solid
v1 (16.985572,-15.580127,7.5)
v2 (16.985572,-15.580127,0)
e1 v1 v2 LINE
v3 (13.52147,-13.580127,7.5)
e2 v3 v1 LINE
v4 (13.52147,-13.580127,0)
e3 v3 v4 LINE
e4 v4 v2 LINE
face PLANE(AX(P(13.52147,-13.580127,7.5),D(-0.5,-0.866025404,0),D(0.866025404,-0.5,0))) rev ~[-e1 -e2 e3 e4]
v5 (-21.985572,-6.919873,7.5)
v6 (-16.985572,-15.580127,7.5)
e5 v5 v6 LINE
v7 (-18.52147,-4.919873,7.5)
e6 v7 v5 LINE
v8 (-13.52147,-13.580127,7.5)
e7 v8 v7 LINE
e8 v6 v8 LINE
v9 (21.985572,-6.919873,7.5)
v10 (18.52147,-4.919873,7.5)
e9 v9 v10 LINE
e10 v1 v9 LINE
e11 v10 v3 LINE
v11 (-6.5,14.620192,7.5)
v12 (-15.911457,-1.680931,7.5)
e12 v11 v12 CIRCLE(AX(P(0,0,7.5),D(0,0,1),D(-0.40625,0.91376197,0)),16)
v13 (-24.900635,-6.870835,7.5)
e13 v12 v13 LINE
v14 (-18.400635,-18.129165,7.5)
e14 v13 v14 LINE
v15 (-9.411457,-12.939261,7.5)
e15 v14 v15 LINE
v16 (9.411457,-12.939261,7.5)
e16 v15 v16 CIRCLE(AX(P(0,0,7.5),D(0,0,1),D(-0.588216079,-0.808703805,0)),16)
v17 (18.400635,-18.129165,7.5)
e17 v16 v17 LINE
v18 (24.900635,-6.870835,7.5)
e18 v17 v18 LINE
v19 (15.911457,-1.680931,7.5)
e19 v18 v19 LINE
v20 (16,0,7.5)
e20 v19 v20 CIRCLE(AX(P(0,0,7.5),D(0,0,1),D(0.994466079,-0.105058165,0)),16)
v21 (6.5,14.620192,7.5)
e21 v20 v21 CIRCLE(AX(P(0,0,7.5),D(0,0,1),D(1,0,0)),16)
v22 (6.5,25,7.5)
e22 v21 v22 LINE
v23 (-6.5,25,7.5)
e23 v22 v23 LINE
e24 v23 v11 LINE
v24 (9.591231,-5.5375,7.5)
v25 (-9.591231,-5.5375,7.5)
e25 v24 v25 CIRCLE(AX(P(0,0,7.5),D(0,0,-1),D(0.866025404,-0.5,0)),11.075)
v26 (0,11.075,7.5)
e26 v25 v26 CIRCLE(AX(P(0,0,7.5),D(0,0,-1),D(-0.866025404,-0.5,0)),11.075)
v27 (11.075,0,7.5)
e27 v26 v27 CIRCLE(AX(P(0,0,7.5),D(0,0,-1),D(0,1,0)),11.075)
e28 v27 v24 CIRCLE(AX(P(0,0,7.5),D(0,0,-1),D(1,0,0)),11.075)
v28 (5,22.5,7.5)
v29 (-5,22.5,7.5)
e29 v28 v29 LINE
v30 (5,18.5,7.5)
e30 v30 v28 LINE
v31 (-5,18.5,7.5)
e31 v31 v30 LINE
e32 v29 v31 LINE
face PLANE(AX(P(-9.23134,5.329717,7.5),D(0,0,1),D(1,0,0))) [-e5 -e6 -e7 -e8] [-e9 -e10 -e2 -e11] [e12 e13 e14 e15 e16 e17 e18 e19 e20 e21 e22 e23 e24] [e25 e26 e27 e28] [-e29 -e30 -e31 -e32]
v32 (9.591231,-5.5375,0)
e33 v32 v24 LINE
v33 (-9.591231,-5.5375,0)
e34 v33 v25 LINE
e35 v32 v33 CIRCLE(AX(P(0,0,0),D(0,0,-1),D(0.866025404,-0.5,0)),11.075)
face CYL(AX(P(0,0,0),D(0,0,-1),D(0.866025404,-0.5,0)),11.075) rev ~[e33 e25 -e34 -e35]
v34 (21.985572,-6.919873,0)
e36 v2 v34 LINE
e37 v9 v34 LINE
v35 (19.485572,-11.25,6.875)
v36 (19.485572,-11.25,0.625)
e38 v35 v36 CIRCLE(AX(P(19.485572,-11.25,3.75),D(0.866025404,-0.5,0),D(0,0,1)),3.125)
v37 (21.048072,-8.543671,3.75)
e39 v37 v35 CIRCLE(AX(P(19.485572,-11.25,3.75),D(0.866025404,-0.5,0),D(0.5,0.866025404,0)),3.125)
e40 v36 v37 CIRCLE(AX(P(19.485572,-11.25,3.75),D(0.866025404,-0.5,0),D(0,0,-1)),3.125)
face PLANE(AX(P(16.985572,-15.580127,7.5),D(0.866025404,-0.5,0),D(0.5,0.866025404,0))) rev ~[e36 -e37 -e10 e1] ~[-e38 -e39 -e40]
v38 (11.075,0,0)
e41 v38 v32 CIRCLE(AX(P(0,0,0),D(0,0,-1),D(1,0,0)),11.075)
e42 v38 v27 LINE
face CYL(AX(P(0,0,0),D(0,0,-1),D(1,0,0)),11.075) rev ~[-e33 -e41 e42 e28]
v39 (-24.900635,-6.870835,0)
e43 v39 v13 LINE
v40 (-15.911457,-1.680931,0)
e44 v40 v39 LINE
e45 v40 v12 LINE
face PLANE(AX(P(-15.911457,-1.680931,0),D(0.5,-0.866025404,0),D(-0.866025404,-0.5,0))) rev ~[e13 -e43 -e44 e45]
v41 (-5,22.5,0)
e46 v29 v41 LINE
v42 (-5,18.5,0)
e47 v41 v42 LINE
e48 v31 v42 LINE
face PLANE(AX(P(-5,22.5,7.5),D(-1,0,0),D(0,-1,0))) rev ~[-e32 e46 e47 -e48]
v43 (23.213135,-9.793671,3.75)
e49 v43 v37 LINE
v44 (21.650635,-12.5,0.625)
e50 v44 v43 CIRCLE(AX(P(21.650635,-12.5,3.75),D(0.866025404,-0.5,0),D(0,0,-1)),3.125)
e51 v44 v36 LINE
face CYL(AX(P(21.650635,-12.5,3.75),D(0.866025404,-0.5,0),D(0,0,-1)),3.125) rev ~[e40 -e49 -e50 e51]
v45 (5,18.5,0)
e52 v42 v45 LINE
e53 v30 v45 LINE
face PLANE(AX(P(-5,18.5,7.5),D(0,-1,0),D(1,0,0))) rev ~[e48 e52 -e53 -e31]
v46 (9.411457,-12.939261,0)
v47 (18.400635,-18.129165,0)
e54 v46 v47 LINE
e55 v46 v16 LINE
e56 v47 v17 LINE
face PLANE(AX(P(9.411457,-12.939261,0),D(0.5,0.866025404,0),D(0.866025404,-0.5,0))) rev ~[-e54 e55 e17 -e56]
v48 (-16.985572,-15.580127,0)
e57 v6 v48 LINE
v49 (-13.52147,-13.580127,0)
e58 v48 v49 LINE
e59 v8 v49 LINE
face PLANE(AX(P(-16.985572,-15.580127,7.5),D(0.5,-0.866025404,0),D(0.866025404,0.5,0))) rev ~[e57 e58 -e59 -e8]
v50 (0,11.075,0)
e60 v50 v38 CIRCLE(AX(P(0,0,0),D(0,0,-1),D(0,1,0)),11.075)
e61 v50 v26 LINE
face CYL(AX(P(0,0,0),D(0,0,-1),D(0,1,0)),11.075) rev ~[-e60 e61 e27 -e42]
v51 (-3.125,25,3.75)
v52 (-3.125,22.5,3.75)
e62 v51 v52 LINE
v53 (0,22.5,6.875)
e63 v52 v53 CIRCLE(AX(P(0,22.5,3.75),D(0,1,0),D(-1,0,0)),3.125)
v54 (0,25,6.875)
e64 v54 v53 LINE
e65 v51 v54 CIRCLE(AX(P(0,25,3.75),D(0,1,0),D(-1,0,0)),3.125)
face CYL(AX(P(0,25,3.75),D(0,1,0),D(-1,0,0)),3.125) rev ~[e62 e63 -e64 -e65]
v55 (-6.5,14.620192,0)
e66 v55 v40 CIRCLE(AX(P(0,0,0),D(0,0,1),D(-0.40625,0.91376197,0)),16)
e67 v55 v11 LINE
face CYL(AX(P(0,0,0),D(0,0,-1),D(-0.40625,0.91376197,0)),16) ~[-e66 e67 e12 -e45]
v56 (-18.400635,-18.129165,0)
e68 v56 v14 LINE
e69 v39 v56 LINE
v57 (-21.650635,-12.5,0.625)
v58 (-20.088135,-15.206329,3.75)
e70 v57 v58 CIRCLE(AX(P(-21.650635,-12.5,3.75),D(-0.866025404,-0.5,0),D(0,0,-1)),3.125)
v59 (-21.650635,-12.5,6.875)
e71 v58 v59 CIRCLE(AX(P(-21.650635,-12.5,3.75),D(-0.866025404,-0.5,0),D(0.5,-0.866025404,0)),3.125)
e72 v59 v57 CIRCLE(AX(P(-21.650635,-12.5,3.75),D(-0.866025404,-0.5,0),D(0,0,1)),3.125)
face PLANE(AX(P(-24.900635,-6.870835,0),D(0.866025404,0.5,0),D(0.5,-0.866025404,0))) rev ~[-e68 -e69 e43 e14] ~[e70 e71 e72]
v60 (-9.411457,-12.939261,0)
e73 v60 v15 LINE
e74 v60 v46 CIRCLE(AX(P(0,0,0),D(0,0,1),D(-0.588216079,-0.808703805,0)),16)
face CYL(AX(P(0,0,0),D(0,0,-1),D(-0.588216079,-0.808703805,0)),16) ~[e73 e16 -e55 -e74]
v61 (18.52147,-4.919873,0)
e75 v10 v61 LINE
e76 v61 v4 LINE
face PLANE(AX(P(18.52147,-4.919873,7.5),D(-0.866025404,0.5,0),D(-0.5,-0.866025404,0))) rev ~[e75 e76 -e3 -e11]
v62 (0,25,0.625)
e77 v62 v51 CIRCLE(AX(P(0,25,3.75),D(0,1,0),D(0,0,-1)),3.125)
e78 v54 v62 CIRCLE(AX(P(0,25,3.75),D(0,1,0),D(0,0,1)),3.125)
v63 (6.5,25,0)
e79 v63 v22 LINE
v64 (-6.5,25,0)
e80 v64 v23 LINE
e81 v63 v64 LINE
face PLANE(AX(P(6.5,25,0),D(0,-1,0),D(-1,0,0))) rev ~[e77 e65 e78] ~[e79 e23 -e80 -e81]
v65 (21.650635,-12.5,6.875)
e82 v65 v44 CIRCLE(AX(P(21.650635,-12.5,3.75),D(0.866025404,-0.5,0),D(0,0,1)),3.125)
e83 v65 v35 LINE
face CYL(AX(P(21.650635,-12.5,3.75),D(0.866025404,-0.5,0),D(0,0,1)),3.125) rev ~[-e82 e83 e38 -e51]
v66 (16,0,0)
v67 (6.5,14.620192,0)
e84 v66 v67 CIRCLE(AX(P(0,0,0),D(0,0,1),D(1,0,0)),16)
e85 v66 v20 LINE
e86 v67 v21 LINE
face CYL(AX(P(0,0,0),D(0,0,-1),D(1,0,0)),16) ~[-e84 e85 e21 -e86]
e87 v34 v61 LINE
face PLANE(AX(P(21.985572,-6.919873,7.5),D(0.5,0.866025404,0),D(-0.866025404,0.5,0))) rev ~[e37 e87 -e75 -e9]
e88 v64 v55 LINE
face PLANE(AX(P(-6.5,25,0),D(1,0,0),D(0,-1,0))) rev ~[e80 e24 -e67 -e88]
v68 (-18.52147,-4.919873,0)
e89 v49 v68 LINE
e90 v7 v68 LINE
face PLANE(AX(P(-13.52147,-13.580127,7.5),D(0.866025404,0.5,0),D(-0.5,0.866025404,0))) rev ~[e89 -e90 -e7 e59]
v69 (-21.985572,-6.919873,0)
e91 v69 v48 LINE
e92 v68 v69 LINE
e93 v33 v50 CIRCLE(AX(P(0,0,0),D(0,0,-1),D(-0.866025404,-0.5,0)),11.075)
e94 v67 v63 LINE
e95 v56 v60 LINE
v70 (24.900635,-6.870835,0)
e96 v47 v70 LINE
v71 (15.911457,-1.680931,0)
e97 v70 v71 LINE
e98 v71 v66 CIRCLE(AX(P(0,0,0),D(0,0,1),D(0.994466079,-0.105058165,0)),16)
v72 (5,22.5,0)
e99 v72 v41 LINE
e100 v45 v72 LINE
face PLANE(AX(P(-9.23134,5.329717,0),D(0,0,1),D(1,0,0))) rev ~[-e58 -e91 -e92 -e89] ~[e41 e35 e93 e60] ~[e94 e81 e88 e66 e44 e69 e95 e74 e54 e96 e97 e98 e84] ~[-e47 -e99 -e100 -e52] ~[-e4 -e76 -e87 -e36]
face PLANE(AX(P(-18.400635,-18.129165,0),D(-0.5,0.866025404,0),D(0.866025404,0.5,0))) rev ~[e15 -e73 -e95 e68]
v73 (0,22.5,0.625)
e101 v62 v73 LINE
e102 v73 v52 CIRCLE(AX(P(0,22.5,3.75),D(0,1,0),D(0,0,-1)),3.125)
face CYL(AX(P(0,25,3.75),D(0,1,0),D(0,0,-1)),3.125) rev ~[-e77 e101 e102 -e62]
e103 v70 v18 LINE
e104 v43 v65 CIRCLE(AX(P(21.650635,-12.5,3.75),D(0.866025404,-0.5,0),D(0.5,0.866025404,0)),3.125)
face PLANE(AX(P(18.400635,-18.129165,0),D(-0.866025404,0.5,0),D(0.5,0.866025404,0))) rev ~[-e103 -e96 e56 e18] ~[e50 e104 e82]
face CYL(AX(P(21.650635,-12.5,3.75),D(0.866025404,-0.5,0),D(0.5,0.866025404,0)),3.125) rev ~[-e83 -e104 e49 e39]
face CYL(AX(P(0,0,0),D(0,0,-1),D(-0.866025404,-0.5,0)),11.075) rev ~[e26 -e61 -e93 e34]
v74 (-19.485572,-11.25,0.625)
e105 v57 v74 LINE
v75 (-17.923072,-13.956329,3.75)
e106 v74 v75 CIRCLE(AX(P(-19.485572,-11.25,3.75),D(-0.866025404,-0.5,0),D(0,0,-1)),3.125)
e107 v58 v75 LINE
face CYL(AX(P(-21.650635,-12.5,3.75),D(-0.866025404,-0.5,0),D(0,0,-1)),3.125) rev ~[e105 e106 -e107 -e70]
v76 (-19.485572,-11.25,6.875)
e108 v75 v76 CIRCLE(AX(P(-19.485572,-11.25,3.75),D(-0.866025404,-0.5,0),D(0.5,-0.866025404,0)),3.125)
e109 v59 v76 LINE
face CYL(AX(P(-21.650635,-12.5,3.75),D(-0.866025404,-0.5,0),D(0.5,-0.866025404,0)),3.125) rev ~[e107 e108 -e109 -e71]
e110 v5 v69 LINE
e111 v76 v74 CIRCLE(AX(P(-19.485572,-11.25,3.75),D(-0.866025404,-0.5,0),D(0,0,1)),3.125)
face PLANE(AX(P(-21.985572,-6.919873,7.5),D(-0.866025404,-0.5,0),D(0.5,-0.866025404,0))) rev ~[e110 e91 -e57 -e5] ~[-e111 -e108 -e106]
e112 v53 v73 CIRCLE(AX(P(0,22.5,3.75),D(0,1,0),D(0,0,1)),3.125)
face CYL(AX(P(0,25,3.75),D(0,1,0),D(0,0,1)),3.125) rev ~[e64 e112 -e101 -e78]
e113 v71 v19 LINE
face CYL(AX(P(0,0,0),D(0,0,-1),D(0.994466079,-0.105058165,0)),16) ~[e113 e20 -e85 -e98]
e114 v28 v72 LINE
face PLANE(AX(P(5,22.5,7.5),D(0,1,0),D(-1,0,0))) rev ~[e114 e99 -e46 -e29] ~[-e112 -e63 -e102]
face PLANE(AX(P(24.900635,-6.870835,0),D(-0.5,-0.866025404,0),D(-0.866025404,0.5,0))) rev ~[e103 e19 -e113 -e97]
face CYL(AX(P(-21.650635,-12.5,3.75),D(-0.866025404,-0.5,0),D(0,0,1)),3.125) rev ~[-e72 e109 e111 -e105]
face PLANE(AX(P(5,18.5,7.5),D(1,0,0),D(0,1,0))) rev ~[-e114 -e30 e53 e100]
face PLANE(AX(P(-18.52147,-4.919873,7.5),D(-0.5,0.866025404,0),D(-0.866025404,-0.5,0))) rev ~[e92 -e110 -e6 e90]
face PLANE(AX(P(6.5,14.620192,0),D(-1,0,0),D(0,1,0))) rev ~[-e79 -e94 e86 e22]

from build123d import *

# Parameters (mm, degrees)
F1_DEPTH = 7.5
F3_DEPTH = 25
F5_DEPTH = 6
F7_DEPTH = 6
F9_DEPTH = 6


with BuildPart() as f1:
    # F0 (on Top) → F1 (new body)
    with BuildSketch(Plane.XY):
        with BuildLine():
            ThreePointArc((-9.5912313469, -5.5375), (-9.5912313469, 5.5375), (0, 11.075))
            Line((0, 11.075), (0, 16))
            ThreePointArc((0, 16), (-3.3224189775, 15.6512469835), (-6.5, 14.6201915172))
            ThreePointArc((-6.5, 14.6201915172), (-13.8564064606, 8), (-15.9114572621, -1.680930634))
            ThreePointArc((-15.9114572621, -1.680930634), (-15.2155869774, -4.9483242552), (-13.8564064606, -8))
            Line((-13.8564064606, -8), (-9.5912313469, -5.5375))
        make_face()
        with BuildLine():
            ThreePointArc((0, 11.075), (7.8312076016, 7.8312076016), (11.075, 0))
            ThreePointArc((11.075, 0), (10.6976285262, -2.8664209245), (9.5912313469, -5.5375))
            Line((9.5912313469, -5.5375), (13.8564064606, -8))
            ThreePointArc((13.8564064606, -8), (15.2155869774, -4.9483242552), (15.9114572621, -1.680930634))
            ThreePointArc((15.9114572621, -1.680930634), (15.9778489822, -0.8416305028), (16, 0))
            ThreePointArc((16, 0), (13.416407865, 8.7177978871), (6.5, 14.6201915172))
            ThreePointArc((6.5, 14.6201915172), (3.3224189775, 15.6512469835), (0, 16))
            Line((0, 16), (0, 11.075))
        make_face()
        with BuildLine():
            Line((13.8564064606, -8), (9.5912313469, -5.5375))
            ThreePointArc((9.5912313469, -5.5375), (0, -11.075), (-9.5912313469, -5.5375))
            Line((-9.5912313469, -5.5375), (-13.8564064606, -8))
            ThreePointArc((-13.8564064606, -8), (-11.8931679998, -10.7029227283), (-9.4114572621, -12.9392608832))
            ThreePointArc((-9.4114572621, -12.9392608832), (0, -16), (9.4114572621, -12.9392608832))
            ThreePointArc((9.4114572621, -12.9392608832), (11.8931679998, -10.7029227283), (13.8564064606, -8))
        make_face()
        with BuildLine():
            Line((0, 25), (0, 16))
            ThreePointArc((0, 16), (3.3224189775, 15.6512469835), (6.5, 14.6201915172))
            Line((6.5, 14.6201915172), (6.5, 25))
            Line((6.5, 25), (0, 25))
        make_face()
        with BuildLine():
            ThreePointArc((-6.5, 14.6201915172), (-3.3224189775, 15.6512469835), (0, 16))
            Line((0, 16), (0, 25))
            Line((0, 25), (-6.5, 25))
            Line((-6.5, 25), (-6.5, 14.6201915172))
        make_face()
        with BuildLine():
            Line((-21.6506350946, -12.5), (-13.8564064606, -8))
            ThreePointArc((-13.8564064606, -8), (-15.2155869774, -4.9483242552), (-15.9114572621, -1.680930634))
            Line((-15.9114572621, -1.680930634), (-24.9006350946, -6.8708348754))
            Line((-24.9006350946, -6.8708348754), (-21.6506350946, -12.5))
        make_face()
        with BuildLine():
            ThreePointArc((-9.4114572621, -12.9392608832), (-11.8931679998, -10.7029227283), (-13.8564064606, -8))
            Line((-13.8564064606, -8), (-21.6506350946, -12.5))
            Line((-21.6506350946, -12.5), (-18.4006350946, -18.1291651246))
            Line((-18.4006350946, -18.1291651246), (-9.4114572621, -12.9392608832))
        make_face()
        with BuildLine():
            Line((21.6506350946, -12.5), (13.8564064606, -8))
            ThreePointArc((13.8564064606, -8), (11.8931679998, -10.7029227283), (9.4114572621, -12.9392608832))
            Line((9.4114572621, -12.9392608832), (18.4006350946, -18.1291651246))
            Line((18.4006350946, -18.1291651246), (21.6506350946, -12.5))
        make_face()
        with BuildLine():
            ThreePointArc((15.9114572621, -1.680930634), (15.2155869774, -4.9483242552), (13.8564064606, -8))
            Line((13.8564064606, -8), (21.6506350946, -12.5))
            Line((21.6506350946, -12.5), (24.9006350946, -6.8708348754))
            Line((24.9006350946, -6.8708348754), (15.9114572621, -1.680930634))
        make_face()
    extrude(amount=F1_DEPTH)

    # F2 (on face) → F3 (cut)
    with BuildSketch(Plane.XY.offset(7.5)):
        Polygon((5, 22.5), (0, 22.5), (-5, 22.5), (-5, 18.5), (5, 18.5), align=None)
        Polygon((-21.9855715851, -6.9198729811), (-19.4855715851, -11.25), (-16.02146997, -9.25), (-18.52146997, -4.9198729811), align=None)
        Polygon((-16.02146997, -9.25), (-19.4855715851, -11.25), (-16.9855715851, -15.5801270189), (-13.52146997, -13.5801270189), align=None)
        Polygon((16.9855715851, -15.5801270189), (19.4855715851, -11.25), (16.02146997, -9.25), (13.52146997, -13.5801270189), align=None)
        Polygon((16.02146997, -9.25), (19.4855715851, -11.25), (21.9855715851, -6.9198729811), (18.52146997, -4.9198729811), align=None)
    extrude(amount=-F3_DEPTH, mode=Mode.SUBTRACT)

    # F4 (on face) → F5 (cut)
    with BuildSketch(Plane(origin=(21.6506350946, -12.5, 0), x_dir=(0.5, 0.8660254038, 0), z_dir=(0.8660254038, -0.5, 0))):
        with BuildLine():
            ThreePointArc((0, 6.875), (-3.125, 3.75), (0, 0.625))
            Line((0, 0.625), (0, 6.875))
        make_face()
        with BuildLine():
            Line((0, 6.875), (0, 0.625))
            ThreePointArc((0, 0.625), (2.2097086912, 1.5402913088), (3.125, 3.75))
            ThreePointArc((3.125, 3.75), (2.2097086912, 5.9597086912), (0, 6.875))
        make_face()
    extrude(amount=-F5_DEPTH, mode=Mode.SUBTRACT)

    # F6 (on face) → F7 (cut)
    with BuildSketch(Plane(origin=(0, 25, 0), x_dir=(-1, 0, 0), z_dir=(0, 1, 0))):
        with BuildLine():
            Line((0, 6.875), (0, 0.625))
            ThreePointArc((0, 0.625), (2.2097086912, 1.5402913088), (3.125, 3.75))
            ThreePointArc((3.125, 3.75), (2.2097086912, 5.9597086912), (0, 6.875))
        make_face()
        with BuildLine():
            ThreePointArc((0, 6.875), (-3.125, 3.75), (0, 0.625))
            Line((0, 0.625), (0, 6.875))
        make_face()
    extrude(amount=-F7_DEPTH, mode=Mode.SUBTRACT)

    # F8 (on face) → F9 (cut)
    with BuildSketch(Plane(origin=(-21.6506350946, -12.5, 0), x_dir=(0.5, -0.8660254038, 0), z_dir=(-0.8660254038, -0.5, 0))):
        with BuildLine():
            ThreePointArc((3.125, 3.75), (2.2097086912, 5.9597086912), (0, 6.875))
            Line((0, 6.875), (0, 0.625))
            ThreePointArc((0, 0.625), (2.2097086912, 1.5402913088), (3.125, 3.75))
        make_face()
        with BuildLine():
            Line((0, 0.625), (0, 6.875))
            ThreePointArc((0, 6.875), (-3.125, 3.75), (0, 0.625))
        make_face()
    extrude(amount=-F9_DEPTH, mode=Mode.SUBTRACT)


solid = f1.part
